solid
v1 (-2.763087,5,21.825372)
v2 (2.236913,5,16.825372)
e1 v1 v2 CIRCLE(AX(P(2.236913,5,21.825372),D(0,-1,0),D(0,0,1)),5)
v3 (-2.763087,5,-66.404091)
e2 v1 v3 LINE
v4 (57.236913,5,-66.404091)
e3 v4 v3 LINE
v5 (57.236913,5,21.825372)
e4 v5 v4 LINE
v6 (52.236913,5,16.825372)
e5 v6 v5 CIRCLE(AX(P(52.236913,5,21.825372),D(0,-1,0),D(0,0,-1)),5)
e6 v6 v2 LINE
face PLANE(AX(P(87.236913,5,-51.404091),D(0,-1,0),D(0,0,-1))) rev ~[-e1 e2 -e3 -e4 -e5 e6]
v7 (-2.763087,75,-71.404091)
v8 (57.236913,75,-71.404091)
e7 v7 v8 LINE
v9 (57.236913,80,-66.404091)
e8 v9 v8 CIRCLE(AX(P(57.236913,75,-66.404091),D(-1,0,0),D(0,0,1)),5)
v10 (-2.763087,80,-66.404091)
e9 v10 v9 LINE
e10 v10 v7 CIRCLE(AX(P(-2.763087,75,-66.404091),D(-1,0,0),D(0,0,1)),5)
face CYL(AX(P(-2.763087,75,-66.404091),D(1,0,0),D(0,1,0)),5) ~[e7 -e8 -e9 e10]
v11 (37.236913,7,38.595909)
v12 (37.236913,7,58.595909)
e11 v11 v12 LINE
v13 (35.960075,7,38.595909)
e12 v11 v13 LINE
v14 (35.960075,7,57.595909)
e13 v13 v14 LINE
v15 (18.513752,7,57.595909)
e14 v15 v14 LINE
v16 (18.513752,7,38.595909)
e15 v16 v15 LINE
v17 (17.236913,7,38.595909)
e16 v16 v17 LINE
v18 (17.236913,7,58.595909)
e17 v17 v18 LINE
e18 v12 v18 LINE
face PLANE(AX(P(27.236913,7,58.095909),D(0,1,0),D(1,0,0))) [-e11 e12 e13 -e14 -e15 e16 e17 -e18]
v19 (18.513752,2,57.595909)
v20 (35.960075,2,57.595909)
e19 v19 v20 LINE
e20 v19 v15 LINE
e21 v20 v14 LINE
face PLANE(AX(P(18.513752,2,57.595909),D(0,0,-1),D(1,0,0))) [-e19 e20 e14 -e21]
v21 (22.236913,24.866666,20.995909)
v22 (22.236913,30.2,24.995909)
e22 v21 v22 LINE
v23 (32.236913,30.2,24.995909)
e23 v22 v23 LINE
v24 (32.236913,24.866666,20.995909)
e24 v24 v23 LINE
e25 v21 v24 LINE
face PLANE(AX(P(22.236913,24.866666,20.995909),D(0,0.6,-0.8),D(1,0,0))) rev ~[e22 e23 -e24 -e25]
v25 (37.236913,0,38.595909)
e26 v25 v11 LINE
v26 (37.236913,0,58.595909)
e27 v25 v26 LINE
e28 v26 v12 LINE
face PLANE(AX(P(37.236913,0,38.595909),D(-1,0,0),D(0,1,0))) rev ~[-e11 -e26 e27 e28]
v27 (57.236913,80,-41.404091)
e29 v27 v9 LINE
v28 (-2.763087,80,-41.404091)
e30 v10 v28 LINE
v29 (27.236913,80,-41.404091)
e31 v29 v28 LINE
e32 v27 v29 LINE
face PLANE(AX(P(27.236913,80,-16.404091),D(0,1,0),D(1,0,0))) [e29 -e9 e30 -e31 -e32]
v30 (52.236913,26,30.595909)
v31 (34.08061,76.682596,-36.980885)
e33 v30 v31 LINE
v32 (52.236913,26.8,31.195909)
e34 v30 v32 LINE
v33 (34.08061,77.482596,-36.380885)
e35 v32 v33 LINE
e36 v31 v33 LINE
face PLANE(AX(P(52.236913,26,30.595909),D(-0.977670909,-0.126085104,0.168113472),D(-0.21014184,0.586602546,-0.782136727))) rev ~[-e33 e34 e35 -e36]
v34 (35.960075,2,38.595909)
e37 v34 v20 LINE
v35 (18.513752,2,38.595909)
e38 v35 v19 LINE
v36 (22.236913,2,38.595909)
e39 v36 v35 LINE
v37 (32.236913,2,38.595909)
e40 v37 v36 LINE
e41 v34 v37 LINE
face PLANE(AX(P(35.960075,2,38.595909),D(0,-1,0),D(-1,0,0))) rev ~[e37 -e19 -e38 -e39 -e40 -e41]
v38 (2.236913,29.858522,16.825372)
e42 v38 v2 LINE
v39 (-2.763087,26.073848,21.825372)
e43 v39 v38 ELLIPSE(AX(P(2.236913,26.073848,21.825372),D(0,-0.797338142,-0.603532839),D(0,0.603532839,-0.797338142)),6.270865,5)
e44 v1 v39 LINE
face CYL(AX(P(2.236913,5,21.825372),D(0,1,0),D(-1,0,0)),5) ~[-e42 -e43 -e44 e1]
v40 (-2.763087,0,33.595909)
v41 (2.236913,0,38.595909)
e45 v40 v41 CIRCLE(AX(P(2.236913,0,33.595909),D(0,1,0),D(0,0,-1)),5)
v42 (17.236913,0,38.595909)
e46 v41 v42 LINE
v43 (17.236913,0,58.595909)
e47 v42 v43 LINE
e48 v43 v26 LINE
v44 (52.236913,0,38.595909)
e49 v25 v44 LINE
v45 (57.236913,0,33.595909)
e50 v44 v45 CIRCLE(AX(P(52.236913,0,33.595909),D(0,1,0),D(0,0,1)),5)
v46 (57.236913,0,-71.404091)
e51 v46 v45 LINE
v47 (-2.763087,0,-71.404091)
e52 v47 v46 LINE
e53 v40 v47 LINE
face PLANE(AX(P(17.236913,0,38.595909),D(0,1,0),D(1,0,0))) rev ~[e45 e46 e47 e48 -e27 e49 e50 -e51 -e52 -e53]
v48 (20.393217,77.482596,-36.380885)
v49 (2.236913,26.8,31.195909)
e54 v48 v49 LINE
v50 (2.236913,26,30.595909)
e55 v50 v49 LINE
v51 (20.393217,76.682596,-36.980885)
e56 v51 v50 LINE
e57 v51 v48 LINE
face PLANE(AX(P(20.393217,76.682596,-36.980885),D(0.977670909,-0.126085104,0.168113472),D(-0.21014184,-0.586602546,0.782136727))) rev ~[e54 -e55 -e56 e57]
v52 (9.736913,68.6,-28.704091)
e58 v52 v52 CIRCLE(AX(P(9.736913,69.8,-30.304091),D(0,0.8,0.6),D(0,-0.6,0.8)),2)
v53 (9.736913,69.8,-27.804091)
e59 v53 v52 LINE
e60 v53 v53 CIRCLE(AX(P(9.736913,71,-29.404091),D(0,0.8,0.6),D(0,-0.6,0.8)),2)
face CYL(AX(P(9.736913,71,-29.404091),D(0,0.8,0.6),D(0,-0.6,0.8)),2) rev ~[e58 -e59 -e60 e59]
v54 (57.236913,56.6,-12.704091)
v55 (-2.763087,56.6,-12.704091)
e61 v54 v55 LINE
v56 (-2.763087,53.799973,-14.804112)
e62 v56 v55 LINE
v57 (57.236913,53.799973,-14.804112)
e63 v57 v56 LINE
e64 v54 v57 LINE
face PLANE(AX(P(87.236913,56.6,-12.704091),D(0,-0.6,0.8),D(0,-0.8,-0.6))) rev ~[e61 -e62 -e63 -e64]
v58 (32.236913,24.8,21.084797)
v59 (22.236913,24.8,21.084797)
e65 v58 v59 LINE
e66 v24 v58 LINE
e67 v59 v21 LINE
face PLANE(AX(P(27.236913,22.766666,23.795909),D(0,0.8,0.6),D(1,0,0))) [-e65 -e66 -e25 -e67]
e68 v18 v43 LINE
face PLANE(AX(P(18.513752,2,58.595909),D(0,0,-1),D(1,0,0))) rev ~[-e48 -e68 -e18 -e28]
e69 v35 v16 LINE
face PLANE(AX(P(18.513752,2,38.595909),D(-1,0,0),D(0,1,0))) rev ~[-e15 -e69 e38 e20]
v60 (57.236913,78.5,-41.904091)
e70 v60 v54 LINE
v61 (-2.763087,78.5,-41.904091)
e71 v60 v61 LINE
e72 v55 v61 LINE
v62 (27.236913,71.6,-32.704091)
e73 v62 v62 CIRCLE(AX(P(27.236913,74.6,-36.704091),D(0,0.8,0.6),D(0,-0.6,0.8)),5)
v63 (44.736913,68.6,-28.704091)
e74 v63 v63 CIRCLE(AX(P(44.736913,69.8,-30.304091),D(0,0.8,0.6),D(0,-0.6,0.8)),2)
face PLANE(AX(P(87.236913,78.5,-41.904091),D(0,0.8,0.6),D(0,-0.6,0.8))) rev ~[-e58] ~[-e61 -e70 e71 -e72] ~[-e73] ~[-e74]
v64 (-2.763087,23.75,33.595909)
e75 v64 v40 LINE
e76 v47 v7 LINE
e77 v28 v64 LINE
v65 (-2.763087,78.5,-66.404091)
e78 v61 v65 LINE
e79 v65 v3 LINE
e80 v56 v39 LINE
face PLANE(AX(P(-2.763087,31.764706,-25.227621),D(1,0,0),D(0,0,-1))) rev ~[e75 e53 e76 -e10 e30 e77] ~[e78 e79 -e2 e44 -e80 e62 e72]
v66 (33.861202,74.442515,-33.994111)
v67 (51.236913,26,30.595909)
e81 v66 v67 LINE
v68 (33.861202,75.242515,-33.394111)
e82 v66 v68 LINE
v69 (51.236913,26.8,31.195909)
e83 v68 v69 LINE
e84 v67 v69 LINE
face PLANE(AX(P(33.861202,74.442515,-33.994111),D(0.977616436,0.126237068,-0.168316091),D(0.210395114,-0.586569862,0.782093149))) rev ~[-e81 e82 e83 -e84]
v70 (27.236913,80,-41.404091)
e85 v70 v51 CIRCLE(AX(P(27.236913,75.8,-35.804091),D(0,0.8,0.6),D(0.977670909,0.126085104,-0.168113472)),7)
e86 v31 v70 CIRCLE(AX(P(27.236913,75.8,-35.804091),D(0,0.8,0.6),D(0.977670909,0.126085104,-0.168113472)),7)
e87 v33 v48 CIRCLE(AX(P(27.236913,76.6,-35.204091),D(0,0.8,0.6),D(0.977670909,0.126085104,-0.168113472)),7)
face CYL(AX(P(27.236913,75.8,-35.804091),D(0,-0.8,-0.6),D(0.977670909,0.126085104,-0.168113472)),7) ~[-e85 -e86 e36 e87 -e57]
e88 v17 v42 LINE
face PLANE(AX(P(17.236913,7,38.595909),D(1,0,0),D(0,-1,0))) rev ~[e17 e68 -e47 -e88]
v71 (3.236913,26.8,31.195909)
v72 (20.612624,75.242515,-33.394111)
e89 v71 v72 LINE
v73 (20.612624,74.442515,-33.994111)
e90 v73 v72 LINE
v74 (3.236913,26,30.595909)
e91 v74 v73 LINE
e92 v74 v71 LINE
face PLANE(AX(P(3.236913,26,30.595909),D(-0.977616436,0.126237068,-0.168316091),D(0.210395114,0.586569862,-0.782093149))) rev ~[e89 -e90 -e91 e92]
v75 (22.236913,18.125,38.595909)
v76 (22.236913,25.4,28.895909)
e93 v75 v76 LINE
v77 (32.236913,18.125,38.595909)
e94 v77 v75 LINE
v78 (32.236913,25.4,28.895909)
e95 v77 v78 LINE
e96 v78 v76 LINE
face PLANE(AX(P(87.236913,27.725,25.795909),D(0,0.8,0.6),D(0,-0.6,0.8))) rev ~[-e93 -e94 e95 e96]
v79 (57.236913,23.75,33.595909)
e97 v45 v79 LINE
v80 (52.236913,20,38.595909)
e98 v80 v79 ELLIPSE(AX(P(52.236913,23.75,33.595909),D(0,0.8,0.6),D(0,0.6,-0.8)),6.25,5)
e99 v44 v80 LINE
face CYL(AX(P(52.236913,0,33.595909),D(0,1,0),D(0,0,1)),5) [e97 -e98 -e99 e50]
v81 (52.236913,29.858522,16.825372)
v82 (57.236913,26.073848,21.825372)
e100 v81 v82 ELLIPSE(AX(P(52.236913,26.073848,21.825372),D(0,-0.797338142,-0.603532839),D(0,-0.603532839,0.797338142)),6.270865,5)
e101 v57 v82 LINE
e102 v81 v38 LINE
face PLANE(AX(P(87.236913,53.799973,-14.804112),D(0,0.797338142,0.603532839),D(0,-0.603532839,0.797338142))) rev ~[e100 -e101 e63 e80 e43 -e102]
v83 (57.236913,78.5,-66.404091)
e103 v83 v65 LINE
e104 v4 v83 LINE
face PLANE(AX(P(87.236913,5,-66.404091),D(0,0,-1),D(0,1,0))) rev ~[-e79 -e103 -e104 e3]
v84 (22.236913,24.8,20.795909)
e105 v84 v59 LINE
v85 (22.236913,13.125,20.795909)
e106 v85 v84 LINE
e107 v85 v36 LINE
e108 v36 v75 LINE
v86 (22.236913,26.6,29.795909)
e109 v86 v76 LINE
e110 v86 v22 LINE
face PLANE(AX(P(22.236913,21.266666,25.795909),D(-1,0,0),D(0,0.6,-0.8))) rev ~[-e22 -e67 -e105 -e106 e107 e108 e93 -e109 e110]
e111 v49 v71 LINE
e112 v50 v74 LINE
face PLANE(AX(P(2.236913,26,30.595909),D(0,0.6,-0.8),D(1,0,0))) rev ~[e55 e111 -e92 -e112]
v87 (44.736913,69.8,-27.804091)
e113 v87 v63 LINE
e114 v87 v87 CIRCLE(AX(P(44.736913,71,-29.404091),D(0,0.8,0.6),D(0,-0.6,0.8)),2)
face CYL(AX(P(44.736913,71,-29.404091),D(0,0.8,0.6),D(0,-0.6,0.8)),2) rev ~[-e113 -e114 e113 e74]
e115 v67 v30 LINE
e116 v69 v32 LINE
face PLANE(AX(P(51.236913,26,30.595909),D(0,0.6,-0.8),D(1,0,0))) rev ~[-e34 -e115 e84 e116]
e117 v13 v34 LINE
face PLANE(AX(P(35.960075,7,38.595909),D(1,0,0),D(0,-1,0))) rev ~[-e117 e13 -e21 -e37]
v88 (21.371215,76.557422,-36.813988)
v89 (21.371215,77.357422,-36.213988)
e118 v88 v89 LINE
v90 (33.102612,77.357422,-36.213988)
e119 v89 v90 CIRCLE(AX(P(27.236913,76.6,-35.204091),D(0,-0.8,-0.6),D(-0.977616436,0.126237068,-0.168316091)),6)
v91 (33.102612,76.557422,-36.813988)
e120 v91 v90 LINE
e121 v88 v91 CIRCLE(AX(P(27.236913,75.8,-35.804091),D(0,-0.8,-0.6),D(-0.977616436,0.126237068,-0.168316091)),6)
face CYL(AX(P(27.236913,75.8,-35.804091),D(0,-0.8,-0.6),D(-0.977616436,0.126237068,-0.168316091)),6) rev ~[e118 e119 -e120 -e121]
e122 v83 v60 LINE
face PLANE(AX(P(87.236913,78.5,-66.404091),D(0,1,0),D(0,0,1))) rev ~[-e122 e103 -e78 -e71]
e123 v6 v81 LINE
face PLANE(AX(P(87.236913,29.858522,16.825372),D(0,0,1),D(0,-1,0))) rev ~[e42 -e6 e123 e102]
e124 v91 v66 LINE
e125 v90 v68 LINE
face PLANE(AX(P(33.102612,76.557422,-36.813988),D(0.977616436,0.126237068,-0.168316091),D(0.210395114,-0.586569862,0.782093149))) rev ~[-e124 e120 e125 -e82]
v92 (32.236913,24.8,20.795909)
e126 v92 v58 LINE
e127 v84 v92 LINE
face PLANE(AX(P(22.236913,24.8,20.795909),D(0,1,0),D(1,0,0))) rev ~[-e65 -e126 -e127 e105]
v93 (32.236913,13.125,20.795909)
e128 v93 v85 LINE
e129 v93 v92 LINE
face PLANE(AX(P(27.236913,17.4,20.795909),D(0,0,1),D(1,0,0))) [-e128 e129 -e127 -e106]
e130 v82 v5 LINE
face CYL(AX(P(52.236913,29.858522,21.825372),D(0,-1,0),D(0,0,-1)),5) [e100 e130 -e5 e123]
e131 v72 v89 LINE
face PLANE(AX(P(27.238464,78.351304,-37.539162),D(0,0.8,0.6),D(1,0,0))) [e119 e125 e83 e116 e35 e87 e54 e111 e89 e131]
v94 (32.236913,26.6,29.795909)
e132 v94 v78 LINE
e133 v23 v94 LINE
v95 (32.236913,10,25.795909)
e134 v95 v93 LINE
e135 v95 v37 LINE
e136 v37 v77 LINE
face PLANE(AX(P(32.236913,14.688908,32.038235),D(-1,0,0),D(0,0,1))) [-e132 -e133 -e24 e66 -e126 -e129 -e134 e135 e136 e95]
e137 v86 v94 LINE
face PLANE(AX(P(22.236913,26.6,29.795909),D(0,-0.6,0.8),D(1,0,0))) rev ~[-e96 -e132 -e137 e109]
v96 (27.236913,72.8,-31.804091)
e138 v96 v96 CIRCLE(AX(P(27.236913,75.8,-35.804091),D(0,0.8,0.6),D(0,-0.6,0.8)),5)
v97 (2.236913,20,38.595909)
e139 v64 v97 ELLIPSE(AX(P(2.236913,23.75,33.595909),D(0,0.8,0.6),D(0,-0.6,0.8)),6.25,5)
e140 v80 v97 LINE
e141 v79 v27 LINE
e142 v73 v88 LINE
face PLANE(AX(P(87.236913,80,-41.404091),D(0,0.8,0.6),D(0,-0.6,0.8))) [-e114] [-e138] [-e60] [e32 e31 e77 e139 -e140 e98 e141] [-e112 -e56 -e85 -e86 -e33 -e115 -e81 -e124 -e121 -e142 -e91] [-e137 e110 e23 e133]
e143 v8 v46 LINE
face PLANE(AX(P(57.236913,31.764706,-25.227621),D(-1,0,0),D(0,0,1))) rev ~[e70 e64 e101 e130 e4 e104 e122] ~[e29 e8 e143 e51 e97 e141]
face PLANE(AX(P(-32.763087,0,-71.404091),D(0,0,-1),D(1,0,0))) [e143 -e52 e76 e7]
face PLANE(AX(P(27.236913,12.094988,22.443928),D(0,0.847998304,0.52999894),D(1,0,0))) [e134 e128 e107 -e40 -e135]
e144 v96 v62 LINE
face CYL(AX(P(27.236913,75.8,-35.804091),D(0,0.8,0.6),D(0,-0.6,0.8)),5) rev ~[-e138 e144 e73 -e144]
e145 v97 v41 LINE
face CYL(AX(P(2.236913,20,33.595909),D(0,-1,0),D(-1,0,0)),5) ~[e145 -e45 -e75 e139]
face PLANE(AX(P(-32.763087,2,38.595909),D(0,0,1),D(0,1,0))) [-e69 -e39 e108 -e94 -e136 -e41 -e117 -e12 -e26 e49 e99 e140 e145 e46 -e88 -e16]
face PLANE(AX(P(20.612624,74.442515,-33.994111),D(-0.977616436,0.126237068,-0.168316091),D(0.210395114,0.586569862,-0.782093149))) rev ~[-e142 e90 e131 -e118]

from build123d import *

# Parameters (mm, degrees)
SKETCH2_W                = 120
SKETCH2_H                = 110
BOSS_EXTRUDE1_DEPTH      = 80
CUT_EXTRUDE1_DEPTH       = 161.930246459
SKETCH6_R                = 2
SKETCH6_W                = 10
SKETCH6_H                = 5
CUT_EXTRUDE4_DEPTH       = 14
CUT_EXTRUDE6_DEPTH       = 161.930246459
CUT_EXTRUDE8_DEPTH       = 120
BOSS_EXTRUDE11_DEPTH     = 55
BOSS_EXTRUDE12_DEPTH     = 55
SKETCH17_W               = 10
SKETCH17_H               = 5
BOSS_EXTRUDE13_DEPTH     = 7.333333
CUT_EXTRUDE9_DEPTH       = 161.930246459
BOSS_EXTRUDE14_DEPTH     = 20
SKETCH20_W               = 17.446322517
SKETCH20_H               = 1
BOSS_EXTRUDE15_DEPTH     = 5
BOSS_EXTRUDE16_DEPTH     = 1
CUT_EXTRUDE10_DEPTH      = 30
CUT_EXTRUDE12_DEPTH      = 30
FILLET1_R                = 5
FILLET2_R                = 5
FILLET3_R                = 5
CUT_EXTRUDE13_REACH      = 123.365
SKETCH25_R               = 5
CUT_EXTRUDE14_START      = -6.666667
SKETCH26_W               = 10
SKETCH26_H               = 6
CUT_EXTRUDE14_DEPTH      = 6.666667
SKETCH30_W               = 10
SKETCH30_H               = 14
CUT_EXTRUDE16_DEPTH      = 4
CUT_EXTRUDE18_DEPTH      = 2
CUT_EXTRUDE18_DEPTH_BACK = 1
SKETCH31_W               = 10
SKETCH31_H               = 14.8
SKETCH32_W               = 10
SKETCH32_H               = 7.905630189
BOSS_EXTRUDE18_DEPTH     = 5
CUT_EXTRUDE19_DEPTH      = 114.367474283
CUT_EXTRUDE19_DEPTH_BACK = 114.367474283


with BuildPart() as part:
    # Sketch2 → Boss-Extrude1 (new body)
    with BuildSketch(Plane(origin=(0, 0, 0), x_dir=(1, 0, 0), z_dir=(0, 1, 0))):
        with Locations((27.236913342, 16.404091096)):
            Rectangle(SKETCH2_W, SKETCH2_H)
    extrude(amount=BOSS_EXTRUDE1_DEPTH)

    # Sketch3 → Cut-Extrude1 (cut, through all)
    with BuildSketch(Plane(origin=(87.236913342, 0, 0), x_dir=(0, 0, -1), z_dir=(1, 0, 0))):
        Polygon((-38.595908904, 80), (41.404091096, 80), (-38.595908904, 20), align=None)
    extrude(amount=-CUT_EXTRUDE1_DEPTH, mode=Mode.SUBTRACT)

    # Sketch6 → Cut-Extrude4 (cut)
    with BuildSketch(Plane(origin=(0, 31.326036274, 23.494527206), x_dir=(1, 0, 0), z_dir=(0, 0.8, 0.6))):
        with Locations(Location((9.736913342, 66.123272877, 0), (0, 0, 270))):
            Circle(SKETCH6_R)
        with BuildLine():
            ThreePointArc((31.736913342, 74.123272877), (30.418893857, 77.305253392), (27.236913342, 78.623272877))
            Line((27.236913342, 78.623272877), (27.236913342, 69.623272877))
            ThreePointArc((27.236913342, 69.623272877), (30.418893857, 70.941292361), (31.736913342, 74.123272877))
        make_face()
        with BuildLine():
            Line((27.236913342, 69.623272877), (27.236913342, 78.623272877))
            ThreePointArc((27.236913342, 78.623272877), (22.736913342, 74.123272877), (27.236913342, 69.623272877))
        make_face()
        with Locations(Location((44.736913342, 66.123272877, 0), (0, 0, 270))):
            Circle(SKETCH6_R)
        with Locations((27.236913342, -5.376727123)):
            Rectangle(SKETCH6_W, SKETCH6_H)
    extrude(amount=-CUT_EXTRUDE4_DEPTH, mode=Mode.SUBTRACT)

    # Sketch8 → Cut-Extrude6 (cut, through all)
    with BuildSketch(Plane(origin=(87.236913342, 0, 0), x_dir=(0, 0, -1), z_dir=(1, 0, 0))):
        Polygon((41.904091096, 78.5), (12.704091096, 56.6), (51.404091096, 5), (66.404091096, 5), (66.404091096, 78.5), align=None)
    extrude(amount=-CUT_EXTRUDE6_DEPTH, mode=Mode.SUBTRACT)

    # Sketch12 → Cut-Extrude8 (cut)
    with BuildSketch(Plane(origin=(87.236913342, 0, 0), x_dir=(0, 0, -1), z_dir=(1, 0, 0))):
        Polygon((-25.795908904, 10), (-25.795908904, 27.725), (-38.595908904, 18.125), (-38.595908904, 2), align=None)
    extrude(amount=-CUT_EXTRUDE8_DEPTH, mode=Mode.SUBTRACT)

    # Sketch13 → Boss-Extrude11 (add)
    with BuildSketch(Plane(origin=(87.236913342, 0, 0), x_dir=(0, 0, -1), z_dir=(1, 0, 0))):
        Polygon((-38.595908904, 18.125), (-25.795908904, 27.725), (-25.795908904, 10), (-38.595908904, 2), align=None)
    extrude(amount=-BOSS_EXTRUDE11_DEPTH)

    # Sketch14 → Boss-Extrude12 (add)
    with BuildSketch(Plane.ZY.offset(32.763086658)):
        Polygon((38.595908904, 18.125), (25.795908904, 27.725), (25.795908904, 10), (38.595908904, 2), align=None)
    extrude(amount=-BOSS_EXTRUDE12_DEPTH)

    # Sketch17 → Boss-Extrude13 (add)
    with BuildSketch(Plane(origin=(0, 20.126036274, 15.094527206), x_dir=(1, 0, 0), z_dir=(0, 0.8000000000000005, 0.5999999999999995))):
        with Locations((27.236913342, -5.376727123)):
            Rectangle(SKETCH17_W, SKETCH17_H)
    extrude(amount=BOSS_EXTRUDE13_DEPTH)

    # Sketch18 → Cut-Extrude9 (cut, through all)
    with BuildSketch(Plane(origin=(87.236913342, 0, 0), x_dir=(0, 0, -1), z_dir=(1, 0, 0))):
        Polygon((51.404091096, 5), (14.804111641, 53.799972607), (-16.825372102, 29.858521527), (-16.825372102, 5), align=None)
    extrude(amount=-CUT_EXTRUDE9_DEPTH, mode=Mode.SUBTRACT)

    # Sketch19 → Boss-Extrude14 (add)
    with BuildSketch(Plane.XY.offset(38.595908904)):
        Polygon((17.236913342, 0), (37.236913342, 0), (37.236913342, 7), (35.9600746, 7), (35.9600746, 2), (18.513752083, 2), (18.513752083, 7), (17.236913342, 7), align=None)
    extrude(amount=BOSS_EXTRUDE14_DEPTH)

    # Sketch20 → Boss-Extrude15 (add)
    with BuildSketch(Plane(origin=(0, 2, 0), x_dir=(1, 0, 0), z_dir=(0, 1, 0))):
        with Locations((27.236913342, -58.095908904)):
            Rectangle(SKETCH20_W, SKETCH20_H)
    extrude(amount=BOSS_EXTRUDE15_DEPTH)

    # Sketch21 → Boss-Extrude16 (add)
    with BuildSketch(Plane(origin=(0, 31.326036274, 23.494527206), x_dir=(1, 0, 0), z_dir=(0, 0.8, 0.6))):
        with BuildLine():
            Line((20.612624354, 71.860797373), (21.371214726, 75.385643561))
            ThreePointArc((21.371214726, 75.385643561), (27.236913342, 80.123272877), (33.102611958, 75.385643561))
            Line((33.102611958, 75.385643561), (33.86120233, 71.860797373))
            ThreePointArc((33.86120233, 71.860797373), (34.142346815, 72.976543378), (34.236913342, 74.123272877))
            ThreePointArc((34.236913342, 74.123272877), (34.197727754, 74.862909761), (34.080609707, 75.594265758))
            ThreePointArc((34.080609707, 75.594265758), (27.236913342, 81.123272877), (20.393216976, 75.594265758))
            ThreePointArc((20.393216976, 75.594265758), (20.248969874, 73.71260746), (20.612624354, 71.860797373))
        make_face()
        with BuildLine():
            ThreePointArc((34.236913342, 74.123272877), (34.142346815, 72.976543378), (33.86120233, 71.860797373))
            Line((33.86120233, 71.860797373), (51.236913342, -8.876727123))
            Line((51.236913342, -8.876727123), (52.236913342, -8.876727123))
            Line((52.236913342, -8.876727123), (34.080609707, 75.594265758))
            ThreePointArc((34.080609707, 75.594265758), (34.197727754, 74.862909761), (34.236913342, 74.123272877))
        make_face()
        with BuildLine():
            Line((3.236913342, -8.876727123), (20.612624354, 71.860797373))
            ThreePointArc((20.612624354, 71.860797373), (20.248969874, 73.71260746), (20.393216976, 75.594265758))
            Line((20.393216976, 75.594265758), (2.236913342, -8.876727123))
            Line((2.236913342, -8.876727123), (3.236913342, -8.876727123))
        make_face()
    extrude(amount=BOSS_EXTRUDE16_DEPTH)

    # Sketch23 → Cut-Extrude10 (cut)
    with BuildSketch(Plane(origin=(87.236913342, 0, 0), x_dir=(0, 0, -1), z_dir=(1, 0, 0))):
        Polygon((-38.595908904, 0), (-38.595908904, 20), (41.404091096, 80), (71.404091096, 80), (71.404091096, 0), align=None)
    extrude(amount=-CUT_EXTRUDE10_DEPTH, mode=Mode.SUBTRACT)

    # Sketch24 → Cut-Extrude12 (cut)
    with BuildSketch(Plane.ZY.offset(32.763086658)):
        Polygon((-71.404091096, 80), (-41.404091096, 80), (38.595908904, 20), (38.595908904, 0), (-71.404091096, 0), align=None)
    extrude(amount=-CUT_EXTRUDE12_DEPTH, mode=Mode.SUBTRACT)

    # Fillet1
    fillet1_edges = [part.edges().sort_by_distance(p)[0] for p in [
        (27.236913342, 80, -71.404091096),
    ]]
    fillet(fillet1_edges, radius=FILLET1_R)

    # Fillet2
    fillet2_edges = [part.edges().sort_by_distance(p)[0] for p in [
        (57.236913342, 10, 38.595908904),
        (-2.763086658, 10, 38.595908904),
    ]]
    fillet(fillet2_edges, radius=FILLET2_R)

    # Fillet3
    fillet3_edges = [part.edges().sort_by_distance(p)[0] for p in [
        (57.236913342, 17.429260763, 16.825372102),
        (-2.763086658, 17.429260763, 16.825372102),
    ]]
    fillet(fillet3_edges, radius=FILLET3_R)

    # Sketch25 → Cut-Extrude13 (cut, up to next)
    with BuildSketch(Plane(origin=(0, 31.326036274, 23.494527206), x_dir=(1, 0, 0), z_dir=(0, 0.8, 0.6)), mode=Mode.PRIVATE) as cut_extrude13_sk1:
        with Locations(Location((27.236913342, 74.123272877, 0), (0, 0, 270))):
            Circle(SKETCH25_R)
    cut_extrude13_tool1 = extrude(cut_extrude13_sk1.sketch, amount=-CUT_EXTRUDE13_REACH, mode=Mode.PRIVATE) & part.part
    add(cut_extrude13_tool1.solids().sort_by_distance((27.236913, 75.8, -35.804091))[0], mode=Mode.SUBTRACT)

    # Sketch26 → Cut-Extrude14 (cut)
    with BuildSketch(Plane(origin=(0, 31.326036274, 23.494527206), x_dir=(1, 0, 0), z_dir=(0, 0.8, 0.6)).offset(CUT_EXTRUDE14_START)):
        with Locations((27.236913342, -4.876727123)):
            Rectangle(SKETCH26_W, SKETCH26_H)
    extrude(amount=CUT_EXTRUDE14_DEPTH, mode=Mode.SUBTRACT)

    # Sketch30 → Cut-Extrude16 (cut)
    with BuildSketch(Plane.XY.offset(25.795908904)):
        with Locations((27.236913342, 17)):
            Rectangle(SKETCH30_W, SKETCH30_H)
    extrude(amount=-CUT_EXTRUDE16_DEPTH, mode=Mode.SUBTRACT)

    # Sketch31 → Cut-Extrude18 (cut, two sides: drawn at the far end of the back side and taken through both)
    with BuildSketch(Plane.XY.offset(21.795908904).offset(-CUT_EXTRUDE18_DEPTH_BACK)):
        with Locations((27.236913342, 17.4)):
            Rectangle(SKETCH31_W, SKETCH31_H)
    extrude(amount=CUT_EXTRUDE18_DEPTH + CUT_EXTRUDE18_DEPTH_BACK, mode=Mode.SUBTRACT)

    # Sketch32 → Boss-Extrude18 (add)
    with BuildSketch(Plane(origin=(0, 18.784678159, 11.740423849), x_dir=(1, 0, 0), z_dir=(0, 0.8479983040050879, 0.5299989400031804))):
        with Locations((27.236913342, -12.622082506)):
            Rectangle(SKETCH32_W, SKETCH32_H)
    extrude(amount=-BOSS_EXTRUDE18_DEPTH)

    # Sketch36 → Cut-Extrude19 (cut, two sides: drawn at the far end of the back side and taken through both)
    with BuildSketch(Plane(origin=(32.236913342, 0, 0), x_dir=(0, 0, -1), z_dir=(1, 0, 0)).offset(-CUT_EXTRUDE19_DEPTH_BACK)):
        Polygon((-16.441953212, 9.9499841), (-16.825372102, 10.563454323), (-16.825372102, 9.710347294), align=None)
    extrude(amount=CUT_EXTRUDE19_DEPTH + CUT_EXTRUDE19_DEPTH_BACK, mode=Mode.SUBTRACT)


solid = part.part
